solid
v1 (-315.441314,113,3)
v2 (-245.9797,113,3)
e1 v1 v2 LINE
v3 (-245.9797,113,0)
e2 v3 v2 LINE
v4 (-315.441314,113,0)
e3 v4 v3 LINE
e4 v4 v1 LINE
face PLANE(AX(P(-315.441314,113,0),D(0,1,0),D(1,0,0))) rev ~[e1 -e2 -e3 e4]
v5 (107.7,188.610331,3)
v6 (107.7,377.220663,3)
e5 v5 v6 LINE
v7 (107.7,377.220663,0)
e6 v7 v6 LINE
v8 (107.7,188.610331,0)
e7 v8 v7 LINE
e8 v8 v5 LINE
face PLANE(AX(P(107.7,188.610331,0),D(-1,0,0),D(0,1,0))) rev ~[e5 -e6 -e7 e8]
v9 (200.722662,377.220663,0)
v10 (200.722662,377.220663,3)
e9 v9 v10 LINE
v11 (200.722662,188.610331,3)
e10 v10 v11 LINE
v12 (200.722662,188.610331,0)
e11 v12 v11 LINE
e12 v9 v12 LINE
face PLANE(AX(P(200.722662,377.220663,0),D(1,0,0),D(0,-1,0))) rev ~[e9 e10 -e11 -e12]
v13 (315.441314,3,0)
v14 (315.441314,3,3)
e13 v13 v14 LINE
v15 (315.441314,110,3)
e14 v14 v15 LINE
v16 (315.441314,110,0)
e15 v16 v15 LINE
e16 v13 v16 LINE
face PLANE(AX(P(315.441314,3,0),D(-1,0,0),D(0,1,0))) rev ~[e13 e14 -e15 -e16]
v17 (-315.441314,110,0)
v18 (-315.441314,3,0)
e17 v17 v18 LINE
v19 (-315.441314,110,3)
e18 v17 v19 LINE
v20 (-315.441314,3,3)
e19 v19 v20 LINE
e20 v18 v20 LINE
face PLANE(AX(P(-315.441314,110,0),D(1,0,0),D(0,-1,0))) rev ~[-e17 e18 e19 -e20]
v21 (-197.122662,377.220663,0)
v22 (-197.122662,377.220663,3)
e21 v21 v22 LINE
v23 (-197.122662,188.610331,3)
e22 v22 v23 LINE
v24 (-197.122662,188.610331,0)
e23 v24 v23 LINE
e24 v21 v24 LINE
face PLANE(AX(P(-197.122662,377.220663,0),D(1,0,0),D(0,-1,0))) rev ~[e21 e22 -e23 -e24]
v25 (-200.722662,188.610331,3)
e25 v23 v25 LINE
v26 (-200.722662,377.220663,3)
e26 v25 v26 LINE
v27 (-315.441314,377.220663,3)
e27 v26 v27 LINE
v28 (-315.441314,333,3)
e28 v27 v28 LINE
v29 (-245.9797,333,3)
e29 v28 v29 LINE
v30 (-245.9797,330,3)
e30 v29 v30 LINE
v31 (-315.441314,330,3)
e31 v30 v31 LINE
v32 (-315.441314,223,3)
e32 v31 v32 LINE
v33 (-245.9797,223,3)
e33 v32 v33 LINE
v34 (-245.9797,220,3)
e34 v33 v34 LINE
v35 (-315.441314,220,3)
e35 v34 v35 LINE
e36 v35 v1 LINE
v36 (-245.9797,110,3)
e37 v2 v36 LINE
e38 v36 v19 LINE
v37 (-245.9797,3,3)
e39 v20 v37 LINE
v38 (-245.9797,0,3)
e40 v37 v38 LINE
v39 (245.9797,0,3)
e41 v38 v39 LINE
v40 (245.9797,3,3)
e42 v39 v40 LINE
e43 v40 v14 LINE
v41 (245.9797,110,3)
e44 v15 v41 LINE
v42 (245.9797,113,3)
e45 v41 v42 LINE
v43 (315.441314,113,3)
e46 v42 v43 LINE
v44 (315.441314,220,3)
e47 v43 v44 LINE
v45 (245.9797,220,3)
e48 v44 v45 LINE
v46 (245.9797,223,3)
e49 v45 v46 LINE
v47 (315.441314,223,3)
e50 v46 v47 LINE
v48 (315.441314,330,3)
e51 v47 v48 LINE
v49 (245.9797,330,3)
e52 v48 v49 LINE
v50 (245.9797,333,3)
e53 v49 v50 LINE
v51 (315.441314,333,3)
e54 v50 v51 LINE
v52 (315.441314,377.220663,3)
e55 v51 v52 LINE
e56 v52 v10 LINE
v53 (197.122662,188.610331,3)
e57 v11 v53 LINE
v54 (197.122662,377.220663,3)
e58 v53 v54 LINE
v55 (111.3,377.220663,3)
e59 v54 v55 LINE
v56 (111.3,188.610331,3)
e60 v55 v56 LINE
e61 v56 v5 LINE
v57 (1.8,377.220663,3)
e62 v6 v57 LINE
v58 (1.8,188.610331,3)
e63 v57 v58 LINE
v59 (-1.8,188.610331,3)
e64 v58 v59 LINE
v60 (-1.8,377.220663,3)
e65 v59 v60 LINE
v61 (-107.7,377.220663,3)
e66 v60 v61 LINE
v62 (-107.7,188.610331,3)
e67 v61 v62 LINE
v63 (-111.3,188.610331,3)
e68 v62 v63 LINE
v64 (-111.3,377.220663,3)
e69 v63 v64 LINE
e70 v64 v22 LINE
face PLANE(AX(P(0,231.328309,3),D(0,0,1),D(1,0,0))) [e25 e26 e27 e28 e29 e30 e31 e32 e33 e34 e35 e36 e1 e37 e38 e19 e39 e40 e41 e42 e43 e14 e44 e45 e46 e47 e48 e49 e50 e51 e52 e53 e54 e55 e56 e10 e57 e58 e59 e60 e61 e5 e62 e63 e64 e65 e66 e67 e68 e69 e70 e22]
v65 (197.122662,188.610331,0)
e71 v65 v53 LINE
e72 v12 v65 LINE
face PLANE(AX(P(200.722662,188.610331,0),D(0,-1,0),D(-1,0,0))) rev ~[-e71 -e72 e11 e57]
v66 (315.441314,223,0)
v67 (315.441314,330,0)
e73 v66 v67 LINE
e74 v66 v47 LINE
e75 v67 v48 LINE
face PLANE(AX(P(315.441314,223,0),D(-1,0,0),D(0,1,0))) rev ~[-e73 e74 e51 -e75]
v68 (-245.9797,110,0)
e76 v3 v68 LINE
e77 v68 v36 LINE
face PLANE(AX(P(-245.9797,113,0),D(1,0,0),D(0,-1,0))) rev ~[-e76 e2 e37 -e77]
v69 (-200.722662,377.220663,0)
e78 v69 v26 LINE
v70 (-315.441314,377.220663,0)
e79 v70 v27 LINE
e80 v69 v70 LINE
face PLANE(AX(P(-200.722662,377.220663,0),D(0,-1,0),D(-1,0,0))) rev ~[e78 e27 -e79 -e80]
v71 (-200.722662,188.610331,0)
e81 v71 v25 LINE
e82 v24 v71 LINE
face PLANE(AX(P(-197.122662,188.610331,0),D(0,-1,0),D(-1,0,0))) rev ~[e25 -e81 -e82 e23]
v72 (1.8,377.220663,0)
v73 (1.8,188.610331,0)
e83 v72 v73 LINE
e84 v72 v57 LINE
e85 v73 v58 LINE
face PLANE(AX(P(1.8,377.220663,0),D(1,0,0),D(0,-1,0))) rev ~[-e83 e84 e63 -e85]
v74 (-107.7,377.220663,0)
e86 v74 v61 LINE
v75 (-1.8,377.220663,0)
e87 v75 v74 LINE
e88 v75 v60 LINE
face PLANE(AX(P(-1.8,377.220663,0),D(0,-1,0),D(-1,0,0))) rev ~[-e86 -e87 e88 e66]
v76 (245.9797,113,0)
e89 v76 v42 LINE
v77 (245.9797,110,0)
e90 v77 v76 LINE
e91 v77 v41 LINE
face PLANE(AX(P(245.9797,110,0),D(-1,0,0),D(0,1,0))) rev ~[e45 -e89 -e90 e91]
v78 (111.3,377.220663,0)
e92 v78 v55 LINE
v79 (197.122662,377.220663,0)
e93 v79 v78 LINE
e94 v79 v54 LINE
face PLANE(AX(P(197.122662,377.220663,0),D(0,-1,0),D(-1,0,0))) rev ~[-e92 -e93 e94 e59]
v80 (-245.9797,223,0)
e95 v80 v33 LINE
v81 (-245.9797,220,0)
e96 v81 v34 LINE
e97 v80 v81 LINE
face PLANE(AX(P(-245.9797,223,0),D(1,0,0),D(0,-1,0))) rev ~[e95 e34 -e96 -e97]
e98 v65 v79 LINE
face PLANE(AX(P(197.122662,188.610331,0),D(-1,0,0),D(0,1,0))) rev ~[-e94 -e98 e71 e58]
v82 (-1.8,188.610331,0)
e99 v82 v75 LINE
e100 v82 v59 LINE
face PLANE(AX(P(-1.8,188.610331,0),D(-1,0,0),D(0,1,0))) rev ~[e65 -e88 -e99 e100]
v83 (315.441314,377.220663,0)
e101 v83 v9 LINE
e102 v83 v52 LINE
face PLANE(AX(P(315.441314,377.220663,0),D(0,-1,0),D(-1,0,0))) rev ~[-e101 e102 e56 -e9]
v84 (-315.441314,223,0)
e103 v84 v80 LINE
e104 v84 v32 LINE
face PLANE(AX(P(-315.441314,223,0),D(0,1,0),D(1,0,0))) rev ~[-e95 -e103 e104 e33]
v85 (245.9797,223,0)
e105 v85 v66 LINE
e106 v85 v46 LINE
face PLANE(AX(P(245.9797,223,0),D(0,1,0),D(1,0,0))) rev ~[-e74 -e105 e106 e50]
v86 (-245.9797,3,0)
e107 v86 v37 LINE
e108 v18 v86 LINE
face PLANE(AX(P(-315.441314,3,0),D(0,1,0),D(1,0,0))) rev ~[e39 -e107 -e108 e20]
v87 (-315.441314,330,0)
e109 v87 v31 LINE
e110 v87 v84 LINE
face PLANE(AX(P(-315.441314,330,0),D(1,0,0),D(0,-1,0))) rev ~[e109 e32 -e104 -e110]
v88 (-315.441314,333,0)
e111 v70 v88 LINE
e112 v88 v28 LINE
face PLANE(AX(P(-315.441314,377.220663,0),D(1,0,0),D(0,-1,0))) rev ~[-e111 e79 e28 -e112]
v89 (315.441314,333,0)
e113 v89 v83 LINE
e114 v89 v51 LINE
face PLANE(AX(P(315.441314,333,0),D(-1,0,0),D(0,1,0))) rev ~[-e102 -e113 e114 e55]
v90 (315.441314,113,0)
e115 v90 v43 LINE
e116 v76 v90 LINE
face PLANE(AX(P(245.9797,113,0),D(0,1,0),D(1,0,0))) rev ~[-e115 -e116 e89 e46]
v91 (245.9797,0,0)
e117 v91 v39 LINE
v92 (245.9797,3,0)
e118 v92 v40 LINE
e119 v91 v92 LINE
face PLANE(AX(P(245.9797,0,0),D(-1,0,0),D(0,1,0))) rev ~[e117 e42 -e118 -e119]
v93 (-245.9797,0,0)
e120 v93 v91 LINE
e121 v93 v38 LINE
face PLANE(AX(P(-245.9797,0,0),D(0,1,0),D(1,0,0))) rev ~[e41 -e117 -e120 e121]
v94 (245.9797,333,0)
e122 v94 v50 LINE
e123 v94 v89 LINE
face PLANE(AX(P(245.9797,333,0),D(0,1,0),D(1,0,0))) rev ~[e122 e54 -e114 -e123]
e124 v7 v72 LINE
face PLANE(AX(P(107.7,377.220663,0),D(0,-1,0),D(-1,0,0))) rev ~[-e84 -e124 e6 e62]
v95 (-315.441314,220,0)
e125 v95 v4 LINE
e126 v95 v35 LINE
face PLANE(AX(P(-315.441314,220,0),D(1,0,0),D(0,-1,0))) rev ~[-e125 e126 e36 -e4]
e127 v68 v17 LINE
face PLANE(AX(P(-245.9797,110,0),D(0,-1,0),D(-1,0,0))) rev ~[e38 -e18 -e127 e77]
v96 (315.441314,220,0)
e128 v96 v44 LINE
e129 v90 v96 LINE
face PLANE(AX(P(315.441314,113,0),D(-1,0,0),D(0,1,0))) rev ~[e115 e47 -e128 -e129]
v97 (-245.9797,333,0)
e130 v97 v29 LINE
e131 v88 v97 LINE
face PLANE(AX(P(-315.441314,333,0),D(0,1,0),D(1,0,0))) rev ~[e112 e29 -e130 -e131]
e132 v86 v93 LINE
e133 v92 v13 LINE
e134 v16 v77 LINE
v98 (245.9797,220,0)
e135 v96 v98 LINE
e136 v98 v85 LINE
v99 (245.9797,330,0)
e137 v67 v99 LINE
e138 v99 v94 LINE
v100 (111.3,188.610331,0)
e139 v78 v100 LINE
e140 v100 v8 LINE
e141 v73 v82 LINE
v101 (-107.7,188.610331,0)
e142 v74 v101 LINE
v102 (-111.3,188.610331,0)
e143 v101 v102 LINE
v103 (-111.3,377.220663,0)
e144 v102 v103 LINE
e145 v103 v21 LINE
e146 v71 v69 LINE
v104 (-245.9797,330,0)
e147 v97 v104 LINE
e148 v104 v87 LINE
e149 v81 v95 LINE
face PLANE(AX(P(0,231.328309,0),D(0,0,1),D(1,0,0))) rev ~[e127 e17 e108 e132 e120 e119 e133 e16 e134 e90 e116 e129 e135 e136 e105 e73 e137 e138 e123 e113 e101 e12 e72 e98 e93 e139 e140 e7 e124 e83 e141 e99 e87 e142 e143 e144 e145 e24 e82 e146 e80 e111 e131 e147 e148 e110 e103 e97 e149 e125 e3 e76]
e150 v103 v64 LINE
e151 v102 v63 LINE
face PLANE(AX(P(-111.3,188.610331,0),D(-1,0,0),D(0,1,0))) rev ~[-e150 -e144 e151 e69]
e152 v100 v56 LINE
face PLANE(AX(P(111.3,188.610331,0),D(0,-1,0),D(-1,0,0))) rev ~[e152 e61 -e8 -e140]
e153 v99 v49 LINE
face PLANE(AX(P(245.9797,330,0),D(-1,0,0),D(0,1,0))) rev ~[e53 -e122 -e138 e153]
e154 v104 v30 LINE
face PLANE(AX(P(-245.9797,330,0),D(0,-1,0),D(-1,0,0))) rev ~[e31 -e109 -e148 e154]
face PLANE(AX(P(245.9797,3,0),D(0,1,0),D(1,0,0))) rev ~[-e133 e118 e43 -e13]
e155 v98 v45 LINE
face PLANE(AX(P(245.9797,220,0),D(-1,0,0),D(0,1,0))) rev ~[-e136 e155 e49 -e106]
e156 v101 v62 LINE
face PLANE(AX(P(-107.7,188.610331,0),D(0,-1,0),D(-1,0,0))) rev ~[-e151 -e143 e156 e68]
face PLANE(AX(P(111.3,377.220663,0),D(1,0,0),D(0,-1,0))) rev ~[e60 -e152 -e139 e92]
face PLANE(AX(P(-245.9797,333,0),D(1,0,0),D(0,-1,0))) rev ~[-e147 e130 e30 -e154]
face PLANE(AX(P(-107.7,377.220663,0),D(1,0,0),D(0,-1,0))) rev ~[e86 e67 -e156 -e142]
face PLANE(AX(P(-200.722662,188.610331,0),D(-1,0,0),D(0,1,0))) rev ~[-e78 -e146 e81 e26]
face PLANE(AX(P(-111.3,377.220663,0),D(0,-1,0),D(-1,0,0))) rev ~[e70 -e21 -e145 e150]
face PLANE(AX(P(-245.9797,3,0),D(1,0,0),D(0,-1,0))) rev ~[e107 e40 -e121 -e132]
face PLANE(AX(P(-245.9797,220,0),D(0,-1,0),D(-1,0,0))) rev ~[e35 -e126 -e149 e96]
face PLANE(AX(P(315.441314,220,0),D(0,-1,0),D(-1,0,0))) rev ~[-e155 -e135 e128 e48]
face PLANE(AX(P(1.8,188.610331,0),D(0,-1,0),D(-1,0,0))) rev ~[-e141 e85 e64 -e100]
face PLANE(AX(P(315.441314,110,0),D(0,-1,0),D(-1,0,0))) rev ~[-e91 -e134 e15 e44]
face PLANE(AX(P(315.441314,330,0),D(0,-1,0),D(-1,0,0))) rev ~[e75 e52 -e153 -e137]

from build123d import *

# Parameters (mm, degrees)
BOSS_EXTRUDE1_DEPTH = 3


with BuildPart() as part:
    # Model → Boss-Extrude1 (new body)
    with BuildSketch(Plane.XY):
        Polygon((-315.441313755, 3), (-245.979700014, 3), (-245.979700014, 0), (245.979700014, 0), (245.979700014, 3), (315.441313755, 3), (315.441313755, 110), (245.979700014, 110), (245.979700014, 113), (315.441313755, 113), (315.441313755, 220), (245.979700014, 220), (245.979700014, 223), (315.441313755, 223), (315.441313755, 330), (245.979700014, 330), (245.979700014, 333), (315.441313755, 333), (315.441313755, 377.220662508), (200.722661623, 377.220662508), (200.722661623, 188.610331254), (197.122661623, 188.610331254), (197.122661623, 377.220662508), (111.300000002, 377.220662508), (111.300000002, 188.610331254), (107.700000002, 188.610331254), (107.700000002, 377.220662508), (1.800000002, 377.220662508), (1.800000002, 188.610331254), (-1.799999998, 188.610331254), (-1.799999998, 377.220662508), (-107.699999998, 377.220662508), (-107.699999998, 188.610331254), (-111.299999998, 188.610331254), (-111.299999998, 377.220662508), (-197.12266162, 377.220662508), (-197.12266162, 188.610331254), (-200.72266162, 188.610331254), (-200.72266162, 377.220662508), (-315.441313755, 377.220662508), (-315.441313755, 333), (-245.979700014, 333), (-245.979700014, 330), (-315.441313755, 330), (-315.441313755, 223), (-245.979700014, 223), (-245.979700014, 220), (-315.441313755, 220), (-315.441313755, 113), (-245.979700014, 113), (-245.979700014, 110), (-315.441313755, 110), align=None)
    extrude(amount=BOSS_EXTRUDE1_DEPTH)


solid = part.part
